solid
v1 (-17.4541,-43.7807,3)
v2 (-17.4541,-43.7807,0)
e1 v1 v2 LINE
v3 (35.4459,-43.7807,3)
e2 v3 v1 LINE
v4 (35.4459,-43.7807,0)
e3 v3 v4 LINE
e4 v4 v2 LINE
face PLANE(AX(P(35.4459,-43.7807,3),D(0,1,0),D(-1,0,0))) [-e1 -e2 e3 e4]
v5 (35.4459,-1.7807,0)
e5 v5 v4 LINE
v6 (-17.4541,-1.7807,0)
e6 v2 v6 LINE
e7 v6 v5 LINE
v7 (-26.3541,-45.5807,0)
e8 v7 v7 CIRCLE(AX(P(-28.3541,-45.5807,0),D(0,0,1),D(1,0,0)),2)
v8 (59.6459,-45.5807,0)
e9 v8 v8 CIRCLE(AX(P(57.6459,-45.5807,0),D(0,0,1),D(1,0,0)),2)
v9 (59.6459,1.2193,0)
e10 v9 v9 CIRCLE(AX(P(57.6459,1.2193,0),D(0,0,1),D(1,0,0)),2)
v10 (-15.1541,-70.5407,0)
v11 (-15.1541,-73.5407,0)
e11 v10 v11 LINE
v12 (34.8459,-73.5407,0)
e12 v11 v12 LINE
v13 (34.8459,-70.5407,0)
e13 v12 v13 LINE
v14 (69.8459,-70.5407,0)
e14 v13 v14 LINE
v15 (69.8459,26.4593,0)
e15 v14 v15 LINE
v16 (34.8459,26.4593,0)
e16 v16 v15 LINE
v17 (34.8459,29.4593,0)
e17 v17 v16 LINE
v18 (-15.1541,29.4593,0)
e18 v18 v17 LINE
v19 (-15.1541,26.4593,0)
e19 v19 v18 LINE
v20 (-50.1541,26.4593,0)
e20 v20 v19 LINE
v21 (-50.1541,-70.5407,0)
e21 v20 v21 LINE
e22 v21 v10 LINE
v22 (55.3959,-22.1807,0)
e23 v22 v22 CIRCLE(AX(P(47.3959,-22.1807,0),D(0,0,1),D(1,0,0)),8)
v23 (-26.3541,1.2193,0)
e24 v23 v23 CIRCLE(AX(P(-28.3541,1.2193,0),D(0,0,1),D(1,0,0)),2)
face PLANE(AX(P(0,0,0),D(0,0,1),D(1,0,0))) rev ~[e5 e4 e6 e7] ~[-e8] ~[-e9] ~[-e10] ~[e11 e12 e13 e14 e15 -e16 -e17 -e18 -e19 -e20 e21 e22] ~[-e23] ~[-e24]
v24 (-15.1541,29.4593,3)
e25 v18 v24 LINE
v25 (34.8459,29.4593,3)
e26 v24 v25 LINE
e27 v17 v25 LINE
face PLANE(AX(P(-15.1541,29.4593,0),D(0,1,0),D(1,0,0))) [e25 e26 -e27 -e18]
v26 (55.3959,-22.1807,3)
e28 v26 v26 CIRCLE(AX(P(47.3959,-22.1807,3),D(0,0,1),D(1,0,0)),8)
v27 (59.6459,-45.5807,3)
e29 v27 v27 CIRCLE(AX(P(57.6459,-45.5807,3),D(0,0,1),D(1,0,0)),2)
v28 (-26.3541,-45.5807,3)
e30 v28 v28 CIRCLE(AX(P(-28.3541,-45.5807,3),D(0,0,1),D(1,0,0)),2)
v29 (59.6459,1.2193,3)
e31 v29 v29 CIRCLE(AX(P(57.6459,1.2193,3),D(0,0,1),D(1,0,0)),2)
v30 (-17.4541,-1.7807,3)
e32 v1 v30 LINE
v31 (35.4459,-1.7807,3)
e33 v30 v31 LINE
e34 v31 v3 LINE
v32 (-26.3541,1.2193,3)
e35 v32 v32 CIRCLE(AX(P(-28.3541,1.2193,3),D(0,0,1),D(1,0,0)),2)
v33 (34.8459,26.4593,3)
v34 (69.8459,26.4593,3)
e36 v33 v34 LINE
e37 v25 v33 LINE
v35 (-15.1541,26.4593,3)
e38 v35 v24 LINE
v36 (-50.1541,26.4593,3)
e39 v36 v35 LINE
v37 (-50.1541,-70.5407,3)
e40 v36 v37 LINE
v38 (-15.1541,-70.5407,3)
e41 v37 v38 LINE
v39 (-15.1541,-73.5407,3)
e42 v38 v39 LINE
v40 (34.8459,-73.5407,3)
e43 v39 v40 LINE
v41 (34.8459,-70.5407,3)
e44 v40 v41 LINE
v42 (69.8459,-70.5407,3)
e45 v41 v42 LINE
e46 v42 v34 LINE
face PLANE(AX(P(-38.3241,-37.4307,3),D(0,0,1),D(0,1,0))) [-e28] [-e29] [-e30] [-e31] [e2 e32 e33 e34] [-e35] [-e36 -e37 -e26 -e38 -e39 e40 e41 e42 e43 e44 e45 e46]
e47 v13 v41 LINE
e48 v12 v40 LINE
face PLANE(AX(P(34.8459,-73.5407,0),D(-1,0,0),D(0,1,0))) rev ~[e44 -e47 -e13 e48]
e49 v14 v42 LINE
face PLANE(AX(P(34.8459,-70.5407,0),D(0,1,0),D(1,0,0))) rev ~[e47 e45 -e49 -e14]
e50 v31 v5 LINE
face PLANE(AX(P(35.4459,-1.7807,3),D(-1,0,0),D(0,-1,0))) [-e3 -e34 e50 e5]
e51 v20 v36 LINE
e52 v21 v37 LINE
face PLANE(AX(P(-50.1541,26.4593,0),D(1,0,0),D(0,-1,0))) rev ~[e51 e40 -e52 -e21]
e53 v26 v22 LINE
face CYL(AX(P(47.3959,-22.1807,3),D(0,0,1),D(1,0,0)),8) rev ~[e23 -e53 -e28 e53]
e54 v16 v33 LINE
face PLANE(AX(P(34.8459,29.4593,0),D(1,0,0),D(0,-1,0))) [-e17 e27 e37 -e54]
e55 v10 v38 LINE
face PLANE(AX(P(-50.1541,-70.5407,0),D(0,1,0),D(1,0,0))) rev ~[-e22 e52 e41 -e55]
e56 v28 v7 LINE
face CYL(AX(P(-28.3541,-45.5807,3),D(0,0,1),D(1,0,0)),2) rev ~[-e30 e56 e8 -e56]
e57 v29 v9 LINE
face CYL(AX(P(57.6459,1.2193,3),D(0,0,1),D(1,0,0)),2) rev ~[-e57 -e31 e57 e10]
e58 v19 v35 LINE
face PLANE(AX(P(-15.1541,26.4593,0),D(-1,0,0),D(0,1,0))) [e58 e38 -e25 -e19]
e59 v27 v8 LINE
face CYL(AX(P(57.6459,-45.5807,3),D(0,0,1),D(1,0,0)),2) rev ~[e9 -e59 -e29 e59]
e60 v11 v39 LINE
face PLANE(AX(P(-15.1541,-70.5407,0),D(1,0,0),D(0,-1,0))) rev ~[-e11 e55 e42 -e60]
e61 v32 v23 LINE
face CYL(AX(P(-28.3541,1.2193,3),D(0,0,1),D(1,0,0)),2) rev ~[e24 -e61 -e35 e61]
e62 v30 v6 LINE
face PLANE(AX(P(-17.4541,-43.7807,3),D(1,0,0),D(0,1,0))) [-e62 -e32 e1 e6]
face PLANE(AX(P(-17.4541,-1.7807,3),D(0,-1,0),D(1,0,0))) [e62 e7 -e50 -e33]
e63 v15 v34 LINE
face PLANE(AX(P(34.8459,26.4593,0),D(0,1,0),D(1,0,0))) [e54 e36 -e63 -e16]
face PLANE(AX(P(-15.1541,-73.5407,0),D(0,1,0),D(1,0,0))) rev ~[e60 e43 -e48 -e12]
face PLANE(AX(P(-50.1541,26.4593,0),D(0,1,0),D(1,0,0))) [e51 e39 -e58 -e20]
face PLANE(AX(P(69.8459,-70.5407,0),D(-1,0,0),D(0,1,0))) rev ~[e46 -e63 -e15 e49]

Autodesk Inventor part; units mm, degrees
ref_plane "YZ Plane" through (0, 0, 0) normal (1, 0, 0) x (0, 1, 0)
ref_plane "XZ Plane" through (0, 0, 0) normal (0, 1, 0) x (-1, 0, 0)
ref_plane "XY Plane" through (0, 0, 0) normal (0, 0, 1) x (1, 0, 0)
sketch "Sketch2" plane through (0, 0, 0) normal (0, 0, 1) x (1, 0, 0)
  line L0 (-50.1541, 26.4593) -> (-15.1541, 26.4593)
  line L1 (-15.1541, 26.4593) -> (-15.1541, 29.4593)
  line L2 (-15.1541, 29.4593) -> (34.8459, 29.4593)
  line L3 (34.8459, 29.4593) -> (34.8459, 26.4593)
  line L4 (34.8459, 26.4593) -> (69.8459, 26.4593)
  line L5 (-50.1541, 26.4593) -> (-50.1541, -70.5407)
  line L6 (-50.1541, -70.5407) -> (-15.1541, -70.5407)
  line L7 (-15.1541, -70.5407) -> (-15.1541, -73.5407)
  line L8 (-15.1541, -73.5407) -> (34.8459, -73.5407)
  line L9 (34.8459, -73.5407) -> (34.8459, -70.5407)
  line L10 (34.8459, -70.5407) -> (69.8459, -70.5407)
  line L11 (69.8459, -70.5407) -> (69.8459, 26.4593)
  point P0 (0, 0)
  dimension "d0" = 3
  dimension "d1" = 50
  dimension "d2" = 35
  dimension "d3" = 35
  dimension "d4" = 97
  dimension "d5" = 97
  dimension "d6" = 3
  dimension "d7" = 35
  dimension "d8" = 50
  dimension "d9" = 35
extrude "Extrusion1" add sketch "Sketch2" along normal blind 3
sketch "Sketch3" plane through (0, 0, 3) normal (0, 0, 1) x (1, 0, 0)
  line L0 (34.8459, 29.4593) -> (-15.1541, 29.4593) projected
  line L1 (-15.1541, -73.5407) -> (34.8459, -73.5407) projected
  line L2 (-50.1541, 26.4593) -> (-50.1541, -70.5407) projected
  line L3 (69.8459, -70.5407) -> (69.8459, 26.4593) projected
  circle A0 centre (57.6459, 1.2193) radius 2
  circle A1 centre (57.6459, -45.5807) radius 2
  circle A2 centre (-28.3541, 1.2193) radius 2
  circle A3 centre (-28.3541, -45.5807) radius 2
  circle A4 centre (47.3959, -22.1807) radius 7
  line L4 (-16.4541, -2.7807) -> (34.4459, -2.7807)
  line L5 (34.4459, -2.7807) -> (34.4459, -42.7807)
  line L6 (34.4459, -42.7807) -> (-16.4541, -42.7807)
  line L7 (-16.4541, -42.7807) -> (-16.4541, -2.7807)
  line L8 (-38.3241, -7.0307) -> (-31.4241, -7.0307)
  line L9 (-31.4241, -7.0307) -> (-31.4241, -37.4307)
  line L10 (-31.4241, -37.4307) -> (-38.3241, -37.4307)
  line L11 (-38.3241, -37.4307) -> (-38.3241, -7.0307)
  point P0 (0, 0)
  dimension "d30" = 4
  dimension "d34" = 4
  dimension "d35" = 4
  dimension "d36" = 4
  dimension "d38" = 14
  dimension "d43" = 50.9
  dimension "d44" = 40
extrude "Extrusion2" cut sketch "Sketch3" against normal blind 10
sketch "Sketch4" plane through (-38.3241, -37.4307, 3) normal (1, 0, 0) x (0, 0, -1)
  line L0 (0, 30.4) -> (3, 30.4)
  line L1 (3, 30.4) -> (3, 0)
  line L2 (3, 0) -> (0, 0)
  line L3 (0, 0) -> (0, 30.4)
  point P0 (3, 37.4307)
extrude "Extrusion3" add sketch "Sketch4" along normal blind 10
sketch "Sketch5" plane through (0, 0, 3) normal (0, 0, 1) x (1, 0, 0)
  circle A0 centre (47.3959, -22.1807) radius 7 projected
  circle A1 centre (47.3959, -22.1807) radius 8
  line L0 (-16.4541, -2.7807) -> (34.4459, -2.7807) projected
  line L1 (34.4459, -42.7807) -> (-16.4541, -42.7807) projected
  line L2 (35.4459, -43.7807) -> (-17.4541, -43.7807)
  line L3 (-17.4541, -43.7807) -> (-17.4541, -1.7807)
  line L4 (-17.4541, -1.7807) -> (35.4459, -1.7807)
  line L5 (35.4459, -1.7807) -> (35.4459, -43.7807)
  point P0 (0, 0)
extrude "Extrusion4" cut sketch "Sketch5" against normal blind 10 contours A0 | A1 | L2 L3 L4 L5
sketch "Sketch6" plane through (0, 0, 3) normal (0, 0, 1) x (1, 0, 0)
  point P0 (0, 0)
sketch "Sketch7" plane through (0, 0, 3) normal (0, 0, 1) x (1, 0, 0)
  point P0 (0, 0)
sketch "Sketch8" plane through (0, 0, 3) normal (0, 0, 1) x (1, 0, 0)
  point P0 (0, 0)
properties part number "Level2-3 (GLCD)"
